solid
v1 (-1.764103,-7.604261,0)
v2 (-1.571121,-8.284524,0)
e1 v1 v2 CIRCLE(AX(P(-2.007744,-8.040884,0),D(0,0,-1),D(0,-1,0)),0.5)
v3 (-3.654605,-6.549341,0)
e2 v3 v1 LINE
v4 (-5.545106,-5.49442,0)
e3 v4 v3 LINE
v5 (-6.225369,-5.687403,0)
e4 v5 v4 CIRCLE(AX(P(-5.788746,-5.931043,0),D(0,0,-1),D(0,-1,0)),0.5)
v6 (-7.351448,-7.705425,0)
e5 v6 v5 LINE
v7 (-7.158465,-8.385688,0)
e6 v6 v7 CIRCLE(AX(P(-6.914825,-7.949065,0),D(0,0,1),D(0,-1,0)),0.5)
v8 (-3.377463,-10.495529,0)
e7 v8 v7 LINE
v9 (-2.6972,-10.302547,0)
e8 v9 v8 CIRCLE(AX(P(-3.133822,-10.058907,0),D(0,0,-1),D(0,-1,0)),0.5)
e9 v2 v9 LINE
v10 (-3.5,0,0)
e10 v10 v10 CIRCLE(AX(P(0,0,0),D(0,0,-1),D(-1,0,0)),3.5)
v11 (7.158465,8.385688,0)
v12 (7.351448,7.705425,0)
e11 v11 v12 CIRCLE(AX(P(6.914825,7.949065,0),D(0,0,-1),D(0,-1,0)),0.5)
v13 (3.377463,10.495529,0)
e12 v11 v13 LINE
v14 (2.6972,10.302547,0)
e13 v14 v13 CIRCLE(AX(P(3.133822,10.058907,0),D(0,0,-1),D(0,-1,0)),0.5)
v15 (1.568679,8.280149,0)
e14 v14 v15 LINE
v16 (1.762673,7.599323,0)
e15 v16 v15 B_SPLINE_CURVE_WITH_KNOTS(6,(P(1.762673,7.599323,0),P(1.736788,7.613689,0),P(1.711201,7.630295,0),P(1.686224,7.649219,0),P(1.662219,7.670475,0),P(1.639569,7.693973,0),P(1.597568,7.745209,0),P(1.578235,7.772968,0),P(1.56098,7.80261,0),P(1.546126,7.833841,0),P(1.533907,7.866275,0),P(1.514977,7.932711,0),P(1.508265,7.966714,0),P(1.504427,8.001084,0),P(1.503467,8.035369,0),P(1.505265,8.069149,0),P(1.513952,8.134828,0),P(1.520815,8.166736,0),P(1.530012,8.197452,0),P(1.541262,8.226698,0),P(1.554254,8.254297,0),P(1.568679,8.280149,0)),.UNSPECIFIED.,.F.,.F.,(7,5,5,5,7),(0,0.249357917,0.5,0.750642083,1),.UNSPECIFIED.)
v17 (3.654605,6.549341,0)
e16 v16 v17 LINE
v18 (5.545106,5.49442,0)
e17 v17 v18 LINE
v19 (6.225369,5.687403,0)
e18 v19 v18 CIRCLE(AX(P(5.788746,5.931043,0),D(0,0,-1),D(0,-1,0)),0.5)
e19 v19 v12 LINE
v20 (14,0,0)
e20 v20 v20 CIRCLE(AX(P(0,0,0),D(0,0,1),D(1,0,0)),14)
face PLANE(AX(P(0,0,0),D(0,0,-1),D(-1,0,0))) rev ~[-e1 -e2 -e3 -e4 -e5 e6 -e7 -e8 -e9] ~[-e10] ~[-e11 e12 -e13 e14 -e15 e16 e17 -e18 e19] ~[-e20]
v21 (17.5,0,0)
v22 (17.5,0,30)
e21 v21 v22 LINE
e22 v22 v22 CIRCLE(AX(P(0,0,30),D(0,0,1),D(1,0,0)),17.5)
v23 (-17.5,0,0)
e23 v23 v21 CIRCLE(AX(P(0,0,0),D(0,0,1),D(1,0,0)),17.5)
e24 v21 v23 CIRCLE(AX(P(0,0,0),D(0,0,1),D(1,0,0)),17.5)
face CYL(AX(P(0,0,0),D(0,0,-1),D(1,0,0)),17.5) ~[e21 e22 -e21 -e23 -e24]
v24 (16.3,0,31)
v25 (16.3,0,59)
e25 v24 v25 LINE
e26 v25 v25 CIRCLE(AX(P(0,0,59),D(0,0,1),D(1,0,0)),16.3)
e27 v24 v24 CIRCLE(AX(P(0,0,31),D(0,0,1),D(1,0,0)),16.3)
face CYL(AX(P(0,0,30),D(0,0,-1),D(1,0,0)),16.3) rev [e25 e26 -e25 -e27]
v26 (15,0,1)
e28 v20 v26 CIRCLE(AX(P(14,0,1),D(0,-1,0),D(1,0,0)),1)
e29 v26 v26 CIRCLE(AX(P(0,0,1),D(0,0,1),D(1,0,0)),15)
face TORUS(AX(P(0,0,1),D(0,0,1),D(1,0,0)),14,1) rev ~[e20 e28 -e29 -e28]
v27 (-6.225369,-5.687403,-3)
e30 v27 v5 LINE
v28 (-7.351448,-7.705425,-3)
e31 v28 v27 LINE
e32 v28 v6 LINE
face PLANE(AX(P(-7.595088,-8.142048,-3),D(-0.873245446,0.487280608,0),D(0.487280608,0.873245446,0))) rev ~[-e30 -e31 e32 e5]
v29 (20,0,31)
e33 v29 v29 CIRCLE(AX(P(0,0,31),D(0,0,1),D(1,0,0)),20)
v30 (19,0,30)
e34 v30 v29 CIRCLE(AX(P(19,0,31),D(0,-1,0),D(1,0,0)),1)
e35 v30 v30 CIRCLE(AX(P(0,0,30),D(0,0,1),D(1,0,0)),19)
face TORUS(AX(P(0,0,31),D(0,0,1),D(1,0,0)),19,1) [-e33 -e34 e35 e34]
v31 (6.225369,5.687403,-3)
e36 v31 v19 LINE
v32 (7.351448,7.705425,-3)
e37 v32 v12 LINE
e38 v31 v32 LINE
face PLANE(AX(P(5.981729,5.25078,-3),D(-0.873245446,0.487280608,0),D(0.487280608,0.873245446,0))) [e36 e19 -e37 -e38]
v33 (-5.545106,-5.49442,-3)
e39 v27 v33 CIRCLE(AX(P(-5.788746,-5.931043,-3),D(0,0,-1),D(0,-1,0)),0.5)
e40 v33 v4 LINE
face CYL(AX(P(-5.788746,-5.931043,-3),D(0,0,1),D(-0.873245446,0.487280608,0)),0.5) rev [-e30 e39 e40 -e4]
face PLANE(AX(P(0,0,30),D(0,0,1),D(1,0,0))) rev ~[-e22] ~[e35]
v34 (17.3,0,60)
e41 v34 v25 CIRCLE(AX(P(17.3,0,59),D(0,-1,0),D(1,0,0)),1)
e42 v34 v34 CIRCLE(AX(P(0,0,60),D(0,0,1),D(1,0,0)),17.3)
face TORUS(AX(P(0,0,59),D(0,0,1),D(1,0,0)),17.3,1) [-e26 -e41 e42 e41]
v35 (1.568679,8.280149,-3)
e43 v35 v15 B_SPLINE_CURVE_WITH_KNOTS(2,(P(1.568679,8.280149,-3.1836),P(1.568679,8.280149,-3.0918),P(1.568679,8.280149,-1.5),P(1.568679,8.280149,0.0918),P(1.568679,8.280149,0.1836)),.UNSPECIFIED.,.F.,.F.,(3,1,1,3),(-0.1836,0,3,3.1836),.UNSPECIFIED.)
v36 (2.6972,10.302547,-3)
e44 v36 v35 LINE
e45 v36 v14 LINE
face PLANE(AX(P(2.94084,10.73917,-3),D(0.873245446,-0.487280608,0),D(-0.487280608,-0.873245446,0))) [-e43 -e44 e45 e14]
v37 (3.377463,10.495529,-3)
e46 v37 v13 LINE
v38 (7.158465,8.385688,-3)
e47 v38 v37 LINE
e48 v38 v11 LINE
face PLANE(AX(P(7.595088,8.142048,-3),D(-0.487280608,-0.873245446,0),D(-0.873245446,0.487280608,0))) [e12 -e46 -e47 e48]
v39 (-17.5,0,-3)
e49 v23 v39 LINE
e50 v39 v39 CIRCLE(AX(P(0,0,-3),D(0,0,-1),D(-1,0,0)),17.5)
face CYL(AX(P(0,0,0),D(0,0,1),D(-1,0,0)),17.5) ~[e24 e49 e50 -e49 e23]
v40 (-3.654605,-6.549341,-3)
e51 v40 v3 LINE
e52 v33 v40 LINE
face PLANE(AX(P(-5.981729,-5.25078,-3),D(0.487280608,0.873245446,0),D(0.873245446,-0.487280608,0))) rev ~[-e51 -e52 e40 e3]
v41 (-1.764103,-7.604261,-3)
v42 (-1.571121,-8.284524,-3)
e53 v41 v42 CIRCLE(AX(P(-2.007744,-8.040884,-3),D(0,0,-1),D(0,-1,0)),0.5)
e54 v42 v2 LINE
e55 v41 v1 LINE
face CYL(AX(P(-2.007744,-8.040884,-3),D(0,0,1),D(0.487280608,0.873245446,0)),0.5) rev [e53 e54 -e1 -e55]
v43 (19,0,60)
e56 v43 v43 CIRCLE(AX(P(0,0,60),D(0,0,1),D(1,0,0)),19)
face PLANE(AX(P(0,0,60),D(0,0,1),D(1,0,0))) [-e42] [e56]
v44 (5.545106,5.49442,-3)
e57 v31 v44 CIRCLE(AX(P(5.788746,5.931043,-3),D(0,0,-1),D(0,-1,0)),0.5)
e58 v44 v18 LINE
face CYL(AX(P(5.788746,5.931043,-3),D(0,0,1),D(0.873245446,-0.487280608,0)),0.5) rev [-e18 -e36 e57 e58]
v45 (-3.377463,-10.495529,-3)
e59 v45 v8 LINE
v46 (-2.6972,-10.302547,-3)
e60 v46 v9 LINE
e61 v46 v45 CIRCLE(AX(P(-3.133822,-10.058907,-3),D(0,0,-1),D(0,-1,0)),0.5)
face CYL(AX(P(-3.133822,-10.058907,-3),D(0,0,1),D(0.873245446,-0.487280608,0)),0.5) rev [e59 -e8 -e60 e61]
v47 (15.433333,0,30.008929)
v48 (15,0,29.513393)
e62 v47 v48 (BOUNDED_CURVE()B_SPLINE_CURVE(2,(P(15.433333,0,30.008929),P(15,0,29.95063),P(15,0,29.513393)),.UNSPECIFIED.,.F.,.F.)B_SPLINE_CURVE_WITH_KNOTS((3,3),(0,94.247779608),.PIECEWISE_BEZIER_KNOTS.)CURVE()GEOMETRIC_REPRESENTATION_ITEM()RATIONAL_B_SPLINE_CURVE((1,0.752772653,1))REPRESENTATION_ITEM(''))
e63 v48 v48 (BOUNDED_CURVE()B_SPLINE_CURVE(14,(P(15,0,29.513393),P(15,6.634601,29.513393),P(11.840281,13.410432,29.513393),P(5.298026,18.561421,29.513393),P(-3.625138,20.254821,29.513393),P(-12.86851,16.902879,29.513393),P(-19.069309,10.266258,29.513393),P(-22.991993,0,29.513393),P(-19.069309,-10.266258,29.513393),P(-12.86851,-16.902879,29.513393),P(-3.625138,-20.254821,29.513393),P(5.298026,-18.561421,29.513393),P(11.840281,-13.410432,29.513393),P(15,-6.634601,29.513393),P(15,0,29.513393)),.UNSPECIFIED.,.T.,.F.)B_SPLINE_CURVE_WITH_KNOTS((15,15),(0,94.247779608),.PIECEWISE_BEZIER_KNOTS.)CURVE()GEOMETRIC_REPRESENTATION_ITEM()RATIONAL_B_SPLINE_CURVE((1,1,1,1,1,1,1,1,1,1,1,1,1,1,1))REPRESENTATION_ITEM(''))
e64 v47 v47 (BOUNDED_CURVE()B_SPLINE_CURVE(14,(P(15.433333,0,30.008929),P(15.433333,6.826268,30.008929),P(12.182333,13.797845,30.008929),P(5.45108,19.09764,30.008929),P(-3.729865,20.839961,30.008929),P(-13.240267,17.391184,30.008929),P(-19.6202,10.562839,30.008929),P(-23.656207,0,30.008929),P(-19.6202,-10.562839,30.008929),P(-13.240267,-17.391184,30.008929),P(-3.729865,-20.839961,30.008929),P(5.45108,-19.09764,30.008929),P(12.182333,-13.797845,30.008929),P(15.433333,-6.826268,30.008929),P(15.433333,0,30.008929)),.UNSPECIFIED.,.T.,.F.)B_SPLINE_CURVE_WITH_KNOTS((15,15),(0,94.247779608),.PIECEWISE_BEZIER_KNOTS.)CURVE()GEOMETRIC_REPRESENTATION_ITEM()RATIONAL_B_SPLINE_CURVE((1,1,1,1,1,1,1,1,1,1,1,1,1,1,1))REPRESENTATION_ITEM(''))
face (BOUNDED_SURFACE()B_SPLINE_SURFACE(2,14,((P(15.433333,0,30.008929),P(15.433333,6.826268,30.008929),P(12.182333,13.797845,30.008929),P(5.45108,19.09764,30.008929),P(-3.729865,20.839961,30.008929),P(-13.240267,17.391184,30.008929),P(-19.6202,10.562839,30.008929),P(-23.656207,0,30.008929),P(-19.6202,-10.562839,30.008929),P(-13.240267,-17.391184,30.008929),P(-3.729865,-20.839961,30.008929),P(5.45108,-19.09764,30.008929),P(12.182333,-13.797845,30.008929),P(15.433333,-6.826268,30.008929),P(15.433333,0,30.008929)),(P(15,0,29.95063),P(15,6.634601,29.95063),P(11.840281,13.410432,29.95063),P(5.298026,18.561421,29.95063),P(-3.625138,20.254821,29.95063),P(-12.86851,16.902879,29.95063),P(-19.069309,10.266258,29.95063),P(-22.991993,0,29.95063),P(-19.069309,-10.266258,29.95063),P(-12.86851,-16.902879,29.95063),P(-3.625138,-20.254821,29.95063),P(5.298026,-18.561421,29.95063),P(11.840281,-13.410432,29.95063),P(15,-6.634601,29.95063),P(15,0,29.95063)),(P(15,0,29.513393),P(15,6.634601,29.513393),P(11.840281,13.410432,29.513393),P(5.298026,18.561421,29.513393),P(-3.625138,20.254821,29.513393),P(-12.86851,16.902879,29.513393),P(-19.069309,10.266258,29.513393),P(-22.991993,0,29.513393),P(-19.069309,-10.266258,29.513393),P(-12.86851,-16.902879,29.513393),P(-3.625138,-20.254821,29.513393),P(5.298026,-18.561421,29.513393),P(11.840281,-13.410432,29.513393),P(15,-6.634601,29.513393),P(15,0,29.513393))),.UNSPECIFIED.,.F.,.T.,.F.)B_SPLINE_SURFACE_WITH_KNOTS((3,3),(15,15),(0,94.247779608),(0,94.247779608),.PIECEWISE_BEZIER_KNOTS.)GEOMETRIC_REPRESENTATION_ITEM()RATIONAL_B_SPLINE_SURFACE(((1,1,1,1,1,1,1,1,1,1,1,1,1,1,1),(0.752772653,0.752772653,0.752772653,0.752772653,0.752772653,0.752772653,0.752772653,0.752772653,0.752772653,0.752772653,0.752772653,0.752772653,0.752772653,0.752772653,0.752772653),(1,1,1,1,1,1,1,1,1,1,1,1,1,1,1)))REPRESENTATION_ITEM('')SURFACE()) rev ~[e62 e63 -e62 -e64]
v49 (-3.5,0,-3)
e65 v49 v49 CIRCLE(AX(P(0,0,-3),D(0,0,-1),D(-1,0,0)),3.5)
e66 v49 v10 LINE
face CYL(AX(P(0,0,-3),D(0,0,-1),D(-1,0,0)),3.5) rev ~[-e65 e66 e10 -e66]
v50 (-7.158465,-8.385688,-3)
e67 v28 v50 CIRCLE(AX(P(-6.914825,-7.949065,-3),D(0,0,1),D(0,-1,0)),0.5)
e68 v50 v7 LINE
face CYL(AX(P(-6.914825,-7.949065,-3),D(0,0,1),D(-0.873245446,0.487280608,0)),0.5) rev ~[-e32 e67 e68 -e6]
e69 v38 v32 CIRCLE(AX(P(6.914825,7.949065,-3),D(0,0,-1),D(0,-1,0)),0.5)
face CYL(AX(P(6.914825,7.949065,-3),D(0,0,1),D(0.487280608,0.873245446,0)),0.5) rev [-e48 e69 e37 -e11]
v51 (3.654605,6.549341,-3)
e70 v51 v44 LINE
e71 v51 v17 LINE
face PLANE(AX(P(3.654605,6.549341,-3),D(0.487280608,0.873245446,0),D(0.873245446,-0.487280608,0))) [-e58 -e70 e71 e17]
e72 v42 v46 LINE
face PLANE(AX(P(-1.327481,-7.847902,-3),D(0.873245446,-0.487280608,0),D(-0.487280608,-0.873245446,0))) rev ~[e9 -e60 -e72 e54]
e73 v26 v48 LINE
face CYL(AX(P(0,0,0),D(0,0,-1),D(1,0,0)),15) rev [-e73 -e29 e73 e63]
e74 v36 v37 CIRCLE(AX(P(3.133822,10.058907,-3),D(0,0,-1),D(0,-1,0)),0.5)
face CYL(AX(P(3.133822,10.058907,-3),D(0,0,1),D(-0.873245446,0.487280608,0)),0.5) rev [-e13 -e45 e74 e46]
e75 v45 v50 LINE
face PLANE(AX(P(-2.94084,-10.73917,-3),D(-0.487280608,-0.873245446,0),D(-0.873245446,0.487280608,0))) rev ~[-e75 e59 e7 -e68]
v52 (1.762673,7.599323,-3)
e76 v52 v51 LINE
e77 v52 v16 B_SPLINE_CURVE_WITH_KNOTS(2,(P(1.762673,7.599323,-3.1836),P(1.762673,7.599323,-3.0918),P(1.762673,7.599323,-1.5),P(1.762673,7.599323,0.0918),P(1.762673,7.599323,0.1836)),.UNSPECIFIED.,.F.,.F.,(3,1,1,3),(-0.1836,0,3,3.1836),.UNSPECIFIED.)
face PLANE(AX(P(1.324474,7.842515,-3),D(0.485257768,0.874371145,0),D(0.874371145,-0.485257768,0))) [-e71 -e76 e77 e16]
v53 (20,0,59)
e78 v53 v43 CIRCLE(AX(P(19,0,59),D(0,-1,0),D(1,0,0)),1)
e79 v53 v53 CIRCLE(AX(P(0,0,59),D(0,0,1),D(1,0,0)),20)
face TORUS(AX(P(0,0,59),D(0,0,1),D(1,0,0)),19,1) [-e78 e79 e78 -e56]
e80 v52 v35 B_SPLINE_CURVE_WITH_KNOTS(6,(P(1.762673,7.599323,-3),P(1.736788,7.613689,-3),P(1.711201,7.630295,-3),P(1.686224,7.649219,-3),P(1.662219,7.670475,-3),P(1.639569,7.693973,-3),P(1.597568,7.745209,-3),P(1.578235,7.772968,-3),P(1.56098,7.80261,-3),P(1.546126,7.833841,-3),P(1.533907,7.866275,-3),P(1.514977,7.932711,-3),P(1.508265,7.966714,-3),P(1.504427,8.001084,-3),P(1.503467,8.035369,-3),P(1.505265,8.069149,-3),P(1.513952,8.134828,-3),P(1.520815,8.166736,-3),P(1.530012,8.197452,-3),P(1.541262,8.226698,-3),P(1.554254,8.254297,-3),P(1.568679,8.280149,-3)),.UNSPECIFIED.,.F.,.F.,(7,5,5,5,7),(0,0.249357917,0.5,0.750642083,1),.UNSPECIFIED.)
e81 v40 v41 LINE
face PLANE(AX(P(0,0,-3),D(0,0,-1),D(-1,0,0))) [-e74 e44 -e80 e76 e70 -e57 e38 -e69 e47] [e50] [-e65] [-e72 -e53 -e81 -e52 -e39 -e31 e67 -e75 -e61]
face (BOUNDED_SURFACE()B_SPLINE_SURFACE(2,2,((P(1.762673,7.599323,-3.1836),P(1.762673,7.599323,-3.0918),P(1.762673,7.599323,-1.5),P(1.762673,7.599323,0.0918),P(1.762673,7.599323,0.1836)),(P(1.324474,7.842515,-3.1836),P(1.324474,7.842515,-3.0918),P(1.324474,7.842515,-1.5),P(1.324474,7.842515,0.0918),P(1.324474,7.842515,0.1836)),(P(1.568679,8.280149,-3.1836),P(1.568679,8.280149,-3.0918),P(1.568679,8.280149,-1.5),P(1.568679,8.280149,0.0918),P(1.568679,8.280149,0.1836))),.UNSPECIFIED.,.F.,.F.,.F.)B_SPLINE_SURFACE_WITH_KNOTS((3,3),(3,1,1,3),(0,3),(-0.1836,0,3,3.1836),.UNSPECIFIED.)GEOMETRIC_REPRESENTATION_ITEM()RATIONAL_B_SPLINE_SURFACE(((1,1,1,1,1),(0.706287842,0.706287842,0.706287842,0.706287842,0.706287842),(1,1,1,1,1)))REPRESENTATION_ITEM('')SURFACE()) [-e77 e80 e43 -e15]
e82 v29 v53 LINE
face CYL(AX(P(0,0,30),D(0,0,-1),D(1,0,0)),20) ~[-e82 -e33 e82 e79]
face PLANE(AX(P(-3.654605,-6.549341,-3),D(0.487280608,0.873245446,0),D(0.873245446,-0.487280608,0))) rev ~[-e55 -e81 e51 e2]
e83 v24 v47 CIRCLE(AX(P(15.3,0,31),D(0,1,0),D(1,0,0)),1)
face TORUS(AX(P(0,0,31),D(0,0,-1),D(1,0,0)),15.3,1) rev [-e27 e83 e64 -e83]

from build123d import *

# Parameters (mm, degrees)
SKETCH1_R           = 17.5
SKETCH1_R_2         = 15
BOSS_EXTRUDE1_DEPTH = 30
SKETCH2_R           = 20
SKETCH2_R_2         = 16.3
BOSS_EXTRUDE2_DEPTH = 30
SKETCH3_R           = 17.5
BOSS_EXTRUDE3_DEPTH = 3
CUT_EXTRUDE1_DEPTH  = 64
FILLET1_R           = 0.5
SKETCH5_R           = 3.5
CUT_EXTRUDE2_DEPTH  = 64
FILLET2_R           = 1
FILLET4_R           = 1
FILLET5_R           = 0.5


with BuildPart() as part:
    # Sketch1 → Boss-Extrude1 (new body)
    with BuildSketch(Plane.XY):
        Circle(SKETCH1_R)
        Circle(SKETCH1_R_2, mode=Mode.SUBTRACT)
    extrude(amount=BOSS_EXTRUDE1_DEPTH)

    # Sketch2 → Boss-Extrude2 (add)
    with BuildSketch(Plane.XY.offset(30)):
        Circle(SKETCH2_R)
        Circle(SKETCH2_R_2, mode=Mode.SUBTRACT)
    extrude(amount=BOSS_EXTRUDE2_DEPTH)

    # Sketch3 → Boss-Extrude3 (add)
    with BuildSketch(Plane(origin=(0, 0, 0), x_dir=(-1, 0, 0), z_dir=(0, 0, -1))):
        Circle(SKETCH3_R)
    extrude(amount=BOSS_EXTRUDE3_DEPTH)

    # Sketch4 → Cut-Extrude1 (cut, through all)
    with BuildSketch(Plane(origin=(0, 0, -3), x_dir=(-1, 0, 0), z_dir=(0, 0, -1))):
        Polygon((7.595087952, -8.142047722), (5.981728577, -5.25077993), (3.65460456, -6.549340845), (1.327480543, -7.847901761), (2.940839919, -10.739169553), align=None)
        Polygon((-1.327480543, 7.847901761), (-1.324474409, 7.842514531), (-3.65460456, 6.549340845), (-5.981728577, 5.25077993), (-7.595087952, 8.142047722), (-2.940839919, 10.739169553), align=None)
    extrude(amount=-CUT_EXTRUDE1_DEPTH, mode=Mode.SUBTRACT)

    # Fillet1
    fillet1_edges = [part.edges().sort_by_distance(p)[0] for p in [
        (-5.981728577, -5.25077993, -1.5),
        (-7.595087952, -8.142047722, -1.5),
        (-2.940839919, -10.739169553, -1.5),
        (-1.327480543, -7.847901761, -1.5),
        (2.940839919, 10.739169553, -1.5),
        (1.324474409, 7.842514531, -1.5),
        (5.981728577, 5.25077993, -1.5),
        (7.595087952, 8.142047722, -1.5),
    ]]
    fillet(fillet1_edges, radius=FILLET1_R)

    # Sketch5 → Cut-Extrude2 (cut, through all)
    with BuildSketch(Plane(origin=(0, 0, -3), x_dir=(-1, 0, 0), z_dir=(0, 0, -1))):
        Circle(SKETCH5_R)
    extrude(amount=-CUT_EXTRUDE2_DEPTH, mode=Mode.SUBTRACT)

    # Fillet2
    fillet2_edges = [part.edges().sort_by_distance(p)[0] for p in [
        (-20, 0, 60),
        (-20, 0, 30),
    ]]
    fillet(fillet2_edges, radius=FILLET2_R)

    # Fillet4
    fillet4_edges = [part.edges().sort_by_distance(p)[0] for p in [
        (-16.3, 0, 30),
        (-16.3, 0, 60),
        (-15, 0, 0),
    ]]
    fillet(fillet4_edges, radius=FILLET4_R)

    # Fillet5
    fillet5_edges = [part.edges().sort_by_distance(p)[0] for p in [
        (-15, 0, 30),
    ]]
    fillet(fillet5_edges, radius=FILLET5_R)


solid = part.part
